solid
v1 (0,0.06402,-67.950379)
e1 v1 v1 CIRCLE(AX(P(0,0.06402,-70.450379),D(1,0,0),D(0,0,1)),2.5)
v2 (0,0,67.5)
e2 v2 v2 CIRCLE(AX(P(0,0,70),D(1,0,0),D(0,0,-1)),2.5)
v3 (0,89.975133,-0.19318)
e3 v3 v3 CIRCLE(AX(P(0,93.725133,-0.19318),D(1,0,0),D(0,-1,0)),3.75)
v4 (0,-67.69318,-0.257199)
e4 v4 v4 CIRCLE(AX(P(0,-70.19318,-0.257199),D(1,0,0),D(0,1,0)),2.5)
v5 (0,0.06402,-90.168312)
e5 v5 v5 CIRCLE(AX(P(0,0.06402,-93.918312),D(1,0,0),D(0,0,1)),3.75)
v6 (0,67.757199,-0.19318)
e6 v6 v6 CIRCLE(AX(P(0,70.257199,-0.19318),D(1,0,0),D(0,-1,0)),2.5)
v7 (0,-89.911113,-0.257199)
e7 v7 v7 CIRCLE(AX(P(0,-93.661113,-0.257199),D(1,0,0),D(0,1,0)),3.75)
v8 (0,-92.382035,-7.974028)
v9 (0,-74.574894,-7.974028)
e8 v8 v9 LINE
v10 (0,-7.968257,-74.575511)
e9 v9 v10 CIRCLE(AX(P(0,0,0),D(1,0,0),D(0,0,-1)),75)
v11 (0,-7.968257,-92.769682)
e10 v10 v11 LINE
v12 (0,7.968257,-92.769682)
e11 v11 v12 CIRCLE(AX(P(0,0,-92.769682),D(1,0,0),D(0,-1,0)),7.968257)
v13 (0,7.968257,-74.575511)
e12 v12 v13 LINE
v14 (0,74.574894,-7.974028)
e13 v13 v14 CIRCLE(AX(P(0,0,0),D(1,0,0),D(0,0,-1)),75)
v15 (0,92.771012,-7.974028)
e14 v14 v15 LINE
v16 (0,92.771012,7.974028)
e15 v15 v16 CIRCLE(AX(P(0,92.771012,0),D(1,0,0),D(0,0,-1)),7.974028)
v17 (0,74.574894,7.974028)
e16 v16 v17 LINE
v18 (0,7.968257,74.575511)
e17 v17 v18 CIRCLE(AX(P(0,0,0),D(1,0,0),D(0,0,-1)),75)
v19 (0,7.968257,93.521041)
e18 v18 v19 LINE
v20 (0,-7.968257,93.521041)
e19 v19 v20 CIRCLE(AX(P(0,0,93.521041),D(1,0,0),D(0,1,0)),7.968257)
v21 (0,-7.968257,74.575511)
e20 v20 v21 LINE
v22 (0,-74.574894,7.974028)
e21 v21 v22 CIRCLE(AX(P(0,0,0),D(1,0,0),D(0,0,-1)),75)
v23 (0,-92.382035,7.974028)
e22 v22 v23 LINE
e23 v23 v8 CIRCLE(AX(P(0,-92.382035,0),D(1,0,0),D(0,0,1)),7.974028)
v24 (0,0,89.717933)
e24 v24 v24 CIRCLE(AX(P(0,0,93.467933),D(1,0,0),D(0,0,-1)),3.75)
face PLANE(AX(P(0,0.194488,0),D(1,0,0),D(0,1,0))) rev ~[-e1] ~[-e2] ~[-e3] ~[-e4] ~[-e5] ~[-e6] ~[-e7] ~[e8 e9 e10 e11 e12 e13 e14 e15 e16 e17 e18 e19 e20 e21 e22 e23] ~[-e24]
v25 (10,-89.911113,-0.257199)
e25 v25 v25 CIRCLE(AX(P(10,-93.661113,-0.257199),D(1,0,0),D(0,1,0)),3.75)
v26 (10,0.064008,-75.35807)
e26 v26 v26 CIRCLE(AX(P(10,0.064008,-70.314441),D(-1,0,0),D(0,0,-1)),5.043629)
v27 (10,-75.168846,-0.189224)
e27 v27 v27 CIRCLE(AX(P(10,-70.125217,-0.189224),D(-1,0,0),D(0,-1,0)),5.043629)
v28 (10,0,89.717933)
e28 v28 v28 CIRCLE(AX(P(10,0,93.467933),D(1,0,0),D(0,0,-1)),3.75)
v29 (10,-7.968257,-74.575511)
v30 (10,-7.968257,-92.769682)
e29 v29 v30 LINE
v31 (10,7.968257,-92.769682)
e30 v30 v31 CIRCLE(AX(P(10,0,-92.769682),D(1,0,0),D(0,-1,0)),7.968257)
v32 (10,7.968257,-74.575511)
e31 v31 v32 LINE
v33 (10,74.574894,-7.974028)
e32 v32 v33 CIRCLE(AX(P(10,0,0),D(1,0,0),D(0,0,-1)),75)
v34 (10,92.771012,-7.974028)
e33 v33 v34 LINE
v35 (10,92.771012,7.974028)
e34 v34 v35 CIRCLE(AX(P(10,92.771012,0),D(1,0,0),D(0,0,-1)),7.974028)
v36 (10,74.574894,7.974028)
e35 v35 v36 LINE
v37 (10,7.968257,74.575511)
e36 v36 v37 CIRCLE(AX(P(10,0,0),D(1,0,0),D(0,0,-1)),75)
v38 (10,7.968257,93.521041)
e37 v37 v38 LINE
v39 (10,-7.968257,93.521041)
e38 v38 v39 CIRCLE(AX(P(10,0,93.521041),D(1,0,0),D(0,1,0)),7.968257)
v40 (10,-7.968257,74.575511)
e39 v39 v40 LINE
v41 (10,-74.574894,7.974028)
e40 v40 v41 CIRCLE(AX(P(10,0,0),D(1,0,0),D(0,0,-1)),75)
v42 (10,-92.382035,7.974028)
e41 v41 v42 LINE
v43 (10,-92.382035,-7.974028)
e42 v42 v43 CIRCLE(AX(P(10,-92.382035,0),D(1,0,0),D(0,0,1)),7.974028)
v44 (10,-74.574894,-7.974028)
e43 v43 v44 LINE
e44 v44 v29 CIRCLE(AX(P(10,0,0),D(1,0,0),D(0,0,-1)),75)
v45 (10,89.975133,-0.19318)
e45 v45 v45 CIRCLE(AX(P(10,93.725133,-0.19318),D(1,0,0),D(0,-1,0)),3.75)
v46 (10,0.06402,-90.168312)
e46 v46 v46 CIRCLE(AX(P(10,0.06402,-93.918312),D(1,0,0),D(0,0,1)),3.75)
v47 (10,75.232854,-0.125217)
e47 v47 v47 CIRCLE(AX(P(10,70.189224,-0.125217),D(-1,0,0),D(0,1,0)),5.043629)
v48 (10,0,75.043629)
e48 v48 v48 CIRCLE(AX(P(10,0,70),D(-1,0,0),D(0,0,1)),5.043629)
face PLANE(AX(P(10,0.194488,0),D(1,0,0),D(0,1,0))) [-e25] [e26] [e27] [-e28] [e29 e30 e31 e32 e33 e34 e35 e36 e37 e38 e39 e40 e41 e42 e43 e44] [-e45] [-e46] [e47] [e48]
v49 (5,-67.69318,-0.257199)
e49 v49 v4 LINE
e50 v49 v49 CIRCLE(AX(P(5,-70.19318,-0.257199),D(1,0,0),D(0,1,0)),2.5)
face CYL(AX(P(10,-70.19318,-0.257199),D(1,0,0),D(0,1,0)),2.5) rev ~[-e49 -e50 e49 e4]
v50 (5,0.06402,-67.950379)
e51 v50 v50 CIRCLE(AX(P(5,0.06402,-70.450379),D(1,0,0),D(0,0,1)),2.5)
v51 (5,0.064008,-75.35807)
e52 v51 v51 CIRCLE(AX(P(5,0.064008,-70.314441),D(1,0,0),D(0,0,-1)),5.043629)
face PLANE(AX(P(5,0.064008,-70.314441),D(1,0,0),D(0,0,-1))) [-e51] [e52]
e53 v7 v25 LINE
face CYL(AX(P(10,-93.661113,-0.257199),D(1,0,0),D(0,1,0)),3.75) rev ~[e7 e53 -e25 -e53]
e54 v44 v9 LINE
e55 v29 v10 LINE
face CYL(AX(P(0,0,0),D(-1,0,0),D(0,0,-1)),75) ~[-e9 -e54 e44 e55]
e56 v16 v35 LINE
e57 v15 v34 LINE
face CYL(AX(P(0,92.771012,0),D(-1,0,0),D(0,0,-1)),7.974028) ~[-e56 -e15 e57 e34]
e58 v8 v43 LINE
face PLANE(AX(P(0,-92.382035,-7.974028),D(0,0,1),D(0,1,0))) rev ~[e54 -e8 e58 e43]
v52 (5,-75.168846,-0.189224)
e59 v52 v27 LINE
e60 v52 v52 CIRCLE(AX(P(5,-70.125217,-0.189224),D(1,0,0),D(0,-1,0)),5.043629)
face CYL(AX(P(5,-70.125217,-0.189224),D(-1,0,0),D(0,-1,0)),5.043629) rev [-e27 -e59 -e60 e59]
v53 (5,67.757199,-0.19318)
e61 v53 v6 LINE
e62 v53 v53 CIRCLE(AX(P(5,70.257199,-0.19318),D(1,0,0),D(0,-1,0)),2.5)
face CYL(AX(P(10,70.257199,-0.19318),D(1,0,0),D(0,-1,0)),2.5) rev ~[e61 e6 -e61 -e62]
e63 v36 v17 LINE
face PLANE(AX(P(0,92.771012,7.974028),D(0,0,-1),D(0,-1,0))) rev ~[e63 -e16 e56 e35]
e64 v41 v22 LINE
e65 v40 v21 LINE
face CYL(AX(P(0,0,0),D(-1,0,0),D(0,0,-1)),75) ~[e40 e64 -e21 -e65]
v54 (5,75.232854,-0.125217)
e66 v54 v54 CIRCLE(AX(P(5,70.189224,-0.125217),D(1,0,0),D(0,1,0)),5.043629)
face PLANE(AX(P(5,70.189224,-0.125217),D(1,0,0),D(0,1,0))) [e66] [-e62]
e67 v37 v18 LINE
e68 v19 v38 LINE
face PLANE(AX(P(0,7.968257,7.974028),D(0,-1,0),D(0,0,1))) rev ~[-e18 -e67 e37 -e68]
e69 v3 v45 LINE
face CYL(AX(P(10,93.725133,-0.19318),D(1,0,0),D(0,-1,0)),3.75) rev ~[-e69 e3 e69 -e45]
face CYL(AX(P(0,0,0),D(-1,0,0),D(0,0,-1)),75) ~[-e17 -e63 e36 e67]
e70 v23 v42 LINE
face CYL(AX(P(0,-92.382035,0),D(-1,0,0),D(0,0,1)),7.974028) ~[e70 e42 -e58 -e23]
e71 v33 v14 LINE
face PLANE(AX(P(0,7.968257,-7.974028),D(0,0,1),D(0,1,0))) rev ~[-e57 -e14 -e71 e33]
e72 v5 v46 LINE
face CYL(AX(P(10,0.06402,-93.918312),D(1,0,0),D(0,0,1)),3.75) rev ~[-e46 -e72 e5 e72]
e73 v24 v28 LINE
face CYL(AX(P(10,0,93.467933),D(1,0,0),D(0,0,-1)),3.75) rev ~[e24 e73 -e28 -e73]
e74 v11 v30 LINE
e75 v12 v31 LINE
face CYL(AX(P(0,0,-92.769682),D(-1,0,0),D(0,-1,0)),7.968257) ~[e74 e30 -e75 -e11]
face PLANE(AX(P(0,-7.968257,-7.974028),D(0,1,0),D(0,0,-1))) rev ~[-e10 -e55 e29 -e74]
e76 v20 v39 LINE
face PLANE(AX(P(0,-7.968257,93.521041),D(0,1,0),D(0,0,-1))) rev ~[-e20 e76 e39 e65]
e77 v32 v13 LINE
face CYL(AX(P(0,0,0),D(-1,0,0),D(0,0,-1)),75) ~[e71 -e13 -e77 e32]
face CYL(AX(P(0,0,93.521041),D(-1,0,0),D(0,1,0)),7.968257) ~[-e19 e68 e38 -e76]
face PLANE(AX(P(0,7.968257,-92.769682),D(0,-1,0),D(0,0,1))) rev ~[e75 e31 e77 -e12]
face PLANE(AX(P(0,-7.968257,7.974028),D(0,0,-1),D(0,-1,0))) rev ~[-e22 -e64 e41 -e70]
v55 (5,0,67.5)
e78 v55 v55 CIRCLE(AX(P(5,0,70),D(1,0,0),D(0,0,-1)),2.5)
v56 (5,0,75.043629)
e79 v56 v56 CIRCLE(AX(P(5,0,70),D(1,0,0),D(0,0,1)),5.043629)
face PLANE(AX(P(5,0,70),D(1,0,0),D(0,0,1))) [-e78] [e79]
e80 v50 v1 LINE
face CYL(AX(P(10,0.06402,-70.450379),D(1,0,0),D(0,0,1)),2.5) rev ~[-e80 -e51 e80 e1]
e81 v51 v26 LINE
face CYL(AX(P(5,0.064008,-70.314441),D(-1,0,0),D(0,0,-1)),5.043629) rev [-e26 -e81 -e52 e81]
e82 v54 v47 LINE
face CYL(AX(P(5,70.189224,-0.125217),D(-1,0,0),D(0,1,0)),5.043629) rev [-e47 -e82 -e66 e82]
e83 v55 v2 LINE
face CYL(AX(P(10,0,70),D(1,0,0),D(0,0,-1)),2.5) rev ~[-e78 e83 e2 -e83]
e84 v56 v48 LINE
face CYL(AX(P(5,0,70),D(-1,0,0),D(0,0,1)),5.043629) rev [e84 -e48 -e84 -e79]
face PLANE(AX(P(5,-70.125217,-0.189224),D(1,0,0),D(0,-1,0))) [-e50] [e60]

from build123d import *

# Parameters (mm, degrees)
SKETCH1_R           = 75
BOSS_EXTRUDE1_DEPTH = 10
BOSS_EXTRUDE2_DEPTH = 10
SKETCH3_R           = 2.5
SKETCH3_R_2         = 3.75
CUT_EXTRUDE1_DEPTH  = 144.351459106
CIRPATTERN1_COUNT   = 4
CUT_EXTRUDE2_START  = -5
SKETCH4_R           = 5.043629395
CUT_EXTRUDE2_DEPTH  = 149.351459106
CIRPATTERN2_COUNT   = 4


with BuildPart() as part:
    # Sketch1 → Boss-Extrude1 (new body)
    with BuildSketch(Plane.YZ):
        with Locations(Location((0, 0, 0), (0, 0, 270))):
            Circle(SKETCH1_R)
    extrude(amount=BOSS_EXTRUDE1_DEPTH)

    # Sketch2 → Boss-Extrude2 (add)
    with BuildSketch(Plane(origin=(0, 0, 0), x_dir=(0, -1, 0), z_dir=(-1, 0, 0))):
        with BuildLine():
            Line((-92.771012238, 7.974028306), (92.382035247, 7.974028306))
            ThreePointArc((92.382035247, 7.974028306), (100.356063553, 0), (92.382035247, -7.974028306))
            Line((92.382035247, -7.974028306), (-92.771012238, -7.974028306))
            ThreePointArc((-92.771012238, -7.974028306), (-100.745040543, 0), (-92.771012238, 7.974028306))
        make_face()
        with BuildLine():
            Line((-7.968256638, -92.769682141), (-7.968256638, 93.521041486))
            ThreePointArc((-7.968256638, 93.521041486), (0, 101.489298124), (7.968256638, 93.521041486))
            Line((7.968256638, 93.521041486), (7.968256638, -92.769682141))
            ThreePointArc((7.968256638, -92.769682141), (0, -100.73793878), (-7.968256638, -92.769682141))
        make_face()
    extrude(amount=-BOSS_EXTRUDE2_DEPTH)

    # Sketch3 → Cut-Extrude1 (cut, symmetric)
    with BuildSketch(Plane.YZ.offset(10)):
        with Locations(Location((0, 70, 0), (0, 0, 270))):
            Circle(SKETCH3_R)
        with Locations(Location((0, 93.46793349, 0), (0, 0, 270))):
            Circle(SKETCH3_R_2)
    cut_extrude1 = extrude(amount=CUT_EXTRUDE1_DEPTH, both=True, mode=Mode.SUBTRACT)

    # CirPattern1: Cut-Extrude1 ×4 about axis
    cirpattern1_axis = Axis((0, 0.032009754, -0.225189286), (1, 0, 0))
    for i in range(1, CIRPATTERN1_COUNT):
        add(cut_extrude1.rotate(cirpattern1_axis, i * 360 / CIRPATTERN1_COUNT), mode=Mode.SUBTRACT)

    # Sketch4 → Cut-Extrude2 (cut)
    with BuildSketch(Plane.YZ.offset(10).offset(CUT_EXTRUDE2_START)):
        with Locations(Location((0, 70, 0), (0, 0, 90))):
            Circle(SKETCH4_R)
    cut_extrude2 = extrude(amount=CUT_EXTRUDE2_DEPTH, mode=Mode.SUBTRACT)

    # CirPattern2: Cut-Extrude2 ×4 about axis
    cirpattern2_axis = Axis((0, 0.032003773, -0.157220476), (1, 0, 0))
    for i in range(1, CIRPATTERN2_COUNT):
        add(cut_extrude2.rotate(cirpattern2_axis, i * 360 / CIRPATTERN2_COUNT), mode=Mode.SUBTRACT)


solid = part.part
